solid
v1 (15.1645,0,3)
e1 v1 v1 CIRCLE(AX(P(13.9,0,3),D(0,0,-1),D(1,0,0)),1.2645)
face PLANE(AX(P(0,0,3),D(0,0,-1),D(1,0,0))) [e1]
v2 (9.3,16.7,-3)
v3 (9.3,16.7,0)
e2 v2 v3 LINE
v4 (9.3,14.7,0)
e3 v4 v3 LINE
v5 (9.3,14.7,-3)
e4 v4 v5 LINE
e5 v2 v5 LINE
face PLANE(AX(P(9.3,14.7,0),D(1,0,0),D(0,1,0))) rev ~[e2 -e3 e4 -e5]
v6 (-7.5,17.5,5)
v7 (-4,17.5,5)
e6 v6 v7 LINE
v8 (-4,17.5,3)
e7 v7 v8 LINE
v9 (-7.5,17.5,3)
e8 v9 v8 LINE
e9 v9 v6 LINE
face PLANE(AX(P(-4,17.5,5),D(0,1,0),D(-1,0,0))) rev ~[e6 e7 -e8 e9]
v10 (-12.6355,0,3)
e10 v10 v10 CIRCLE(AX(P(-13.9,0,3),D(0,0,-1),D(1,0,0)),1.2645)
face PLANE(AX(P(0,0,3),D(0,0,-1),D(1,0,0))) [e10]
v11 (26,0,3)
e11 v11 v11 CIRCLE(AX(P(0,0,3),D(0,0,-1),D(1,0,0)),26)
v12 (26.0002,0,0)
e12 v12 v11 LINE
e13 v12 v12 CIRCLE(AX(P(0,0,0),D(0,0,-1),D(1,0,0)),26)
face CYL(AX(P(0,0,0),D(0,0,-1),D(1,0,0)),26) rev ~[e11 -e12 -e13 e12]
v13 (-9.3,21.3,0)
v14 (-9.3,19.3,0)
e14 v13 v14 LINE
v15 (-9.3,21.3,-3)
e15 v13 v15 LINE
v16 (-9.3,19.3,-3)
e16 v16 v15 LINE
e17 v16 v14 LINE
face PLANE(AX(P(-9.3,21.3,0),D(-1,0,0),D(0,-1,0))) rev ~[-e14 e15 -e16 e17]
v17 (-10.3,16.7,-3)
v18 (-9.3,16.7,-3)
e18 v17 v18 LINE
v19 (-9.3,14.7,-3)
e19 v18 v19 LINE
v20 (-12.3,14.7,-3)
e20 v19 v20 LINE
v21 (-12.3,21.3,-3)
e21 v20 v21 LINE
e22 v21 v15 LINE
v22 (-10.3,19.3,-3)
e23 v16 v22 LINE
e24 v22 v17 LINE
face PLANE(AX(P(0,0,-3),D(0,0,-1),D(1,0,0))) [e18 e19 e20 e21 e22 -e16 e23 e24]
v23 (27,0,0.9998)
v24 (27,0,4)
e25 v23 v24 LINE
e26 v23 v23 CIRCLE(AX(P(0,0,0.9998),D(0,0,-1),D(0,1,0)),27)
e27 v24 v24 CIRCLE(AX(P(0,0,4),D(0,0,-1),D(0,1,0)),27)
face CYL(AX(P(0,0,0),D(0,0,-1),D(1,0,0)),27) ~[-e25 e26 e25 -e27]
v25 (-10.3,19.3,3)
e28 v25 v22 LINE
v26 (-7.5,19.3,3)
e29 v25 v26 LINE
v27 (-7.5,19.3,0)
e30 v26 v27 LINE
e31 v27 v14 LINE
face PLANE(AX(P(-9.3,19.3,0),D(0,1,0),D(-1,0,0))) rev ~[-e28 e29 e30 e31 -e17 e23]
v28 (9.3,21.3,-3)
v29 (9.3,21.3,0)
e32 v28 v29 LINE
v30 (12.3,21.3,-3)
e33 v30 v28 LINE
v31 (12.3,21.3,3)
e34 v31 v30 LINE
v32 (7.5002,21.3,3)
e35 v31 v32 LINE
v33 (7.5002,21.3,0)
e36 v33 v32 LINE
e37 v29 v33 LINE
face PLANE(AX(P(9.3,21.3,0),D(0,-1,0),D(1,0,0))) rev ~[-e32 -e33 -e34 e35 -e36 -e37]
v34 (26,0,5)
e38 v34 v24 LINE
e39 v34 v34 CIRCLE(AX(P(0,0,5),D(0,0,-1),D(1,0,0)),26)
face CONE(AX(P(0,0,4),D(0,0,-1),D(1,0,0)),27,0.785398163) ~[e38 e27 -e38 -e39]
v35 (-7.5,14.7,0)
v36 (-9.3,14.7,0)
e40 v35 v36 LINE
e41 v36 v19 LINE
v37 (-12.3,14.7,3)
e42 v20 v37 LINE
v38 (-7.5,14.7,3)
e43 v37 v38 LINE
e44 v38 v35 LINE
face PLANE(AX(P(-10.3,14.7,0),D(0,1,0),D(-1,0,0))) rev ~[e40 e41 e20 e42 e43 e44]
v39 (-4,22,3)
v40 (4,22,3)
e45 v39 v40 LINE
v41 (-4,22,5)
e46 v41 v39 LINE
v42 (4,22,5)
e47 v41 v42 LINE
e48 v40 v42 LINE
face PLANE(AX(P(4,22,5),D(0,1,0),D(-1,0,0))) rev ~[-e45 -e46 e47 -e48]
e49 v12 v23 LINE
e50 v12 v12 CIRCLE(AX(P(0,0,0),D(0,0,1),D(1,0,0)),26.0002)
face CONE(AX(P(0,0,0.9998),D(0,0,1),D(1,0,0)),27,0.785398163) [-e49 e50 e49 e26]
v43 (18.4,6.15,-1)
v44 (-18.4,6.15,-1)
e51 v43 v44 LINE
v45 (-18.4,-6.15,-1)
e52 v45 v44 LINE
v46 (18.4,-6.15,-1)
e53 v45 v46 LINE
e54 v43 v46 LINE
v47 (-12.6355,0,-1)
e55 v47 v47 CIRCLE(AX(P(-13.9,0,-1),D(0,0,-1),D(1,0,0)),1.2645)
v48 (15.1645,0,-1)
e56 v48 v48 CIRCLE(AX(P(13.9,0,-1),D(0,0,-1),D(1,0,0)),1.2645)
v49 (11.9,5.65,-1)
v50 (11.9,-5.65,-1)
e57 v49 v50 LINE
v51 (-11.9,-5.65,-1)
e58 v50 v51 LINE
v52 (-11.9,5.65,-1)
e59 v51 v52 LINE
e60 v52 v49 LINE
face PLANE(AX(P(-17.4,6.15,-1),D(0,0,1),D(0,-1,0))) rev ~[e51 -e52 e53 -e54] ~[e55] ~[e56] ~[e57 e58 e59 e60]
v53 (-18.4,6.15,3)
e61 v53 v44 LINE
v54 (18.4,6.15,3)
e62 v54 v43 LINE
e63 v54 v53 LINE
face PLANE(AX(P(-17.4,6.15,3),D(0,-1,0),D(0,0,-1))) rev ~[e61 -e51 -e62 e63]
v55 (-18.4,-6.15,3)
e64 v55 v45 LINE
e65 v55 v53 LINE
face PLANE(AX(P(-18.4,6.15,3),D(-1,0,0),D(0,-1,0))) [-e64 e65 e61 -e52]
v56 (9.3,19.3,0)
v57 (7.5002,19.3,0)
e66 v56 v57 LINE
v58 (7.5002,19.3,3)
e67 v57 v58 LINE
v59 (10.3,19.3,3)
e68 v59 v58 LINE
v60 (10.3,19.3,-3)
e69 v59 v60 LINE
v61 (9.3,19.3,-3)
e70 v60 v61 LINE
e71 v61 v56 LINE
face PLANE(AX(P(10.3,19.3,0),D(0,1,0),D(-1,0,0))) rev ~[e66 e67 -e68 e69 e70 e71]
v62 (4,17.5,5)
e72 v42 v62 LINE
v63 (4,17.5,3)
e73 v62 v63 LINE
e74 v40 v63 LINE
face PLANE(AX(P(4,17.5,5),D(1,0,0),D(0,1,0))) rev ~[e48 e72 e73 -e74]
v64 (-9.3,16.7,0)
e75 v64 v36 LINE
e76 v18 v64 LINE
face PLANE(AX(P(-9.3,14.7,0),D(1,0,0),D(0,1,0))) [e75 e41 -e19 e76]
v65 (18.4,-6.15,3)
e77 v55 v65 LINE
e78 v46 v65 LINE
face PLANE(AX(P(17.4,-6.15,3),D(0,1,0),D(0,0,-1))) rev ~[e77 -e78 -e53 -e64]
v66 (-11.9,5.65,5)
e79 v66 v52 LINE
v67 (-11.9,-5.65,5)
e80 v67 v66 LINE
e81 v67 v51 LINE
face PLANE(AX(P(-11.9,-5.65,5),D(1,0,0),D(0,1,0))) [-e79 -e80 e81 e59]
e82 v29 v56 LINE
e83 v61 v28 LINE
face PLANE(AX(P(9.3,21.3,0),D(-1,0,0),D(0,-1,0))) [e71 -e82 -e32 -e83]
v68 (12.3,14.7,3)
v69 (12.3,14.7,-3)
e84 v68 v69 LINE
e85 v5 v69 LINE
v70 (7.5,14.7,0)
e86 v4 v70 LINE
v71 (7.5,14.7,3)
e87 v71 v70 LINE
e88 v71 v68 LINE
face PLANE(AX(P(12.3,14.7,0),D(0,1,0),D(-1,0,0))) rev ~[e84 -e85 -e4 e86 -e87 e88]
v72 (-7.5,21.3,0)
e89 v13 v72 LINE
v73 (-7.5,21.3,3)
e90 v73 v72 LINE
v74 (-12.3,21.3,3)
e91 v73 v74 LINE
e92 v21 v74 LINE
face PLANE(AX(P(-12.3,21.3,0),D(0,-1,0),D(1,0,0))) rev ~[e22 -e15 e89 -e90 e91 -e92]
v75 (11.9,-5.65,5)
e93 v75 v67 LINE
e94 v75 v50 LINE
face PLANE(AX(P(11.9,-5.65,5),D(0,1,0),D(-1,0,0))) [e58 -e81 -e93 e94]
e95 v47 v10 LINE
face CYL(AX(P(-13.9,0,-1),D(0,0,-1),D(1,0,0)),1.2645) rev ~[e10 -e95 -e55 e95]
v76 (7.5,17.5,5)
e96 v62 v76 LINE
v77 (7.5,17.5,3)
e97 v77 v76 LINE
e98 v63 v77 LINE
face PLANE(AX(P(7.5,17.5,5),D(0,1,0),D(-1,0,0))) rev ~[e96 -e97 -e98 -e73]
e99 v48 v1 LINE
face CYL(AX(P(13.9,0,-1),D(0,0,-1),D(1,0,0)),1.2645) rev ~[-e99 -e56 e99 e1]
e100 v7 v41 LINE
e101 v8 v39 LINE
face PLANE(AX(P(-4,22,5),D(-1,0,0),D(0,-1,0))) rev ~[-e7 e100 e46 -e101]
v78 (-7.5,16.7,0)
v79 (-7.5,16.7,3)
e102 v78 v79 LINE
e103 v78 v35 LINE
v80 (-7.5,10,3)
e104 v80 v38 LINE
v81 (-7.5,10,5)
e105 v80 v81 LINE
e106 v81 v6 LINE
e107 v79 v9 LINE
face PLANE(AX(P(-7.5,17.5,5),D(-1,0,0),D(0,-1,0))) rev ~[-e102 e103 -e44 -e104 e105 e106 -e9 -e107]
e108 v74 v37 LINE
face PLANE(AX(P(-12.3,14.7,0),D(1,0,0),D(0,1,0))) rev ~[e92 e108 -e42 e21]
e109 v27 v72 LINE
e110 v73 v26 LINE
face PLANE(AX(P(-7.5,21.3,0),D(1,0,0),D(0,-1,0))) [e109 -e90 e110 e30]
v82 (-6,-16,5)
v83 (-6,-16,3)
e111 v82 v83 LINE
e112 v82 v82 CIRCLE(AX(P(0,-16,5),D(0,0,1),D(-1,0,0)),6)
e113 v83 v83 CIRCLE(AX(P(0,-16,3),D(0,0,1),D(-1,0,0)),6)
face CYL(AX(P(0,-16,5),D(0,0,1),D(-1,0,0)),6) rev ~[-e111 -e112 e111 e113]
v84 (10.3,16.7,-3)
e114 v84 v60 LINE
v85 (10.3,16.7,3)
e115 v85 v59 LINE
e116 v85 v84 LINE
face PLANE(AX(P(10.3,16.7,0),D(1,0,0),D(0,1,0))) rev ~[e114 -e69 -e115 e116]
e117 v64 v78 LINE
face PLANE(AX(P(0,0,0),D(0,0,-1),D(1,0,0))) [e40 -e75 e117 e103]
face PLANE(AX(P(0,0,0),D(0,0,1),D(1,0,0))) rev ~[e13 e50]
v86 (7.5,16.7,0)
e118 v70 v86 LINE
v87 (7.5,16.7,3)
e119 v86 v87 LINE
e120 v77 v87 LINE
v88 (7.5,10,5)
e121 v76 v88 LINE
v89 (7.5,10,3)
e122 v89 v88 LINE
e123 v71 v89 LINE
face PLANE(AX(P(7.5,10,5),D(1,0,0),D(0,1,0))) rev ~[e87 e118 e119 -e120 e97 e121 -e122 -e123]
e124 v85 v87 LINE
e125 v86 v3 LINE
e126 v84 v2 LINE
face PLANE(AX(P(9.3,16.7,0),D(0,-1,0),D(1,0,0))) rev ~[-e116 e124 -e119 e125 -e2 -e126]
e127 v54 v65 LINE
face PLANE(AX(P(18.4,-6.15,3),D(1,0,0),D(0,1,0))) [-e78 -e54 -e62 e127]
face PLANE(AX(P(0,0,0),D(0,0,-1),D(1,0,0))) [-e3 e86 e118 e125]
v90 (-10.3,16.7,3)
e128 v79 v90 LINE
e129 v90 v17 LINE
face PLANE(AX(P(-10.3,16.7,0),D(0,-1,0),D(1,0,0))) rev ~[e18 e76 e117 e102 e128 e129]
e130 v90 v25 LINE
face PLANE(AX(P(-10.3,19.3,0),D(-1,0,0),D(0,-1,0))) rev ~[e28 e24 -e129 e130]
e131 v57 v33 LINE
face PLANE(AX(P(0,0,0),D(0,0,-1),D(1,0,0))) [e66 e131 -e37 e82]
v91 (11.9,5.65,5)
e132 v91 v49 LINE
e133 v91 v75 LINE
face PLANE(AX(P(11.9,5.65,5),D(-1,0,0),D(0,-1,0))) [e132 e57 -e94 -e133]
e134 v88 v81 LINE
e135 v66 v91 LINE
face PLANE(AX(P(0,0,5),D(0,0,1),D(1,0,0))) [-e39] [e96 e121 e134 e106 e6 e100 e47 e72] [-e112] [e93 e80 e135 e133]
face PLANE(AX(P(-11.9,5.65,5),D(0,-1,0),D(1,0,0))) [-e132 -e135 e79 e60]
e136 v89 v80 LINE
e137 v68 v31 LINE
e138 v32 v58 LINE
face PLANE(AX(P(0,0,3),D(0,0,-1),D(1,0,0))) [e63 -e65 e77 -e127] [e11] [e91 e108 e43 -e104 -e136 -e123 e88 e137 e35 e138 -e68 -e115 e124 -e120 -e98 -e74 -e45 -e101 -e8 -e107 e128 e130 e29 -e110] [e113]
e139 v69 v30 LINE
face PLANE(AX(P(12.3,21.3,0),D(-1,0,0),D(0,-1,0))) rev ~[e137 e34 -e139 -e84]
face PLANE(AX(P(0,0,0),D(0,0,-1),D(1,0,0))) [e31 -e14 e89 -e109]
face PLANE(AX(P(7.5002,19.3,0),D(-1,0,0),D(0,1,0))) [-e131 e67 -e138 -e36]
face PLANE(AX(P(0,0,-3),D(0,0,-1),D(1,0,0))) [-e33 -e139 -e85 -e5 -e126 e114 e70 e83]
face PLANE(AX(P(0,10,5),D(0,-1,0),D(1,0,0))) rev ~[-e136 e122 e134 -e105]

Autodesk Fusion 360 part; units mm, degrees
sketch "Boceto1" plane through (0, 0, 0) normal (0, 0, 1) x (1, 0, 0)
  circle A0 centre (0, 0) radius 27
  dimension "d1" = 54
extrude "Extruir1" add sketch "Boceto1" along normal blind 5
sketch "Boceto2" plane through (0, 0, 0) normal (0, 0, -1) x (1, 0, 0)
  circle A0 centre (0, 0) radius 27
  circle A1 centre (0, 0) radius 26
  dimension "d6" = 52
extrude "Extruir2" cut sketch "Boceto2" against normal blind 3 contours A1
sketch "Boceto3" plane through (0, 0, 5) normal (0, 0, 1) x (-1, 0, 0)
  circle A0 centre (0, 0) radius 27
  line L0 (-11.4, 5.15) -> (11.4, 5.15)
  line L1 (11.4, 5.15) -> (11.4, -5.15)
  line L2 (11.4, -5.15) -> (-11.4, -5.15)
  line L3 (-11.4, -5.15) -> (-11.4, 5.15)
  line L4 (-11.4, 5.15) -> (11.4, -5.15) construction
  line L5 (11.4, 5.15) -> (-11.4, -5.15) construction
  line L6 (0, -27) -> (0, 27) construction
  line L7 (0, 5.15) -> (0, 16) construction
  circle A1 centre (0, 16) radius 6
  dimension "d9" = 10.3
  dimension "d10" = 22.8
  dimension "d11" = 12
extrude "Extruir3" cut sketch "Boceto3" against normal blind 3 contours L0 L1 L2 L3 | A1
sketch "Boceto4" plane through (0, 0, 3) normal (0, 0, -1) x (1, 0, 0)
  circle A0 centre (0, 16) radius 6
  line L0 (-11.4, -5.15) -> (-11.4, 5.15)
  line L1 (-11.4, 5.15) -> (11.4, 5.15)
  line L2 (11.4, 5.15) -> (11.4, -5.15)
  line L3 (11.4, -5.15) -> (-11.4, -5.15)
  circle A1 centre (0, 0) radius 26
  line L4 (-12.4, 6.15) -> (12.4, 6.15)
  line L5 (12.4, 6.15) -> (12.4, -6.15)
  line L6 (12.4, -6.15) -> (-12.4, -6.15)
  line L7 (-12.4, -6.15) -> (-12.4, 6.15)
  line L8 (-12.4, 6.15) -> (12.4, -6.15) construction
  line L9 (12.4, 6.15) -> (-12.4, -6.15) construction
  dimension "d14" = 24.8
  dimension "d15" = 12.3
extrude "Extruir4" add sketch "Boceto4" along normal blind 4 contours L4 L5 L6 L7
chamfer "Chaflán1" distance 1 angle 45 1 edges at (-25.1728, -9.7636, 5)
extrude "Extruir5" add 1 faces at (12.4, -2.05, 0.3333) along direction (1, 0, 0) blind 5
extrude "Extruir6" add 1 faces at (-12.4, 2.05, 0.3333) along direction (-1, 0, 0) blind 5
extrude "Extruir7" add 1 faces at (17.4, -2.05, 0.3333) along direction (1, 0, 0) blind 1
extrude "Extruir8" add 1 faces at (-17.4, 2.05, 0.3333) along direction (-1, 0, 0) blind 1
chamfer "Chaflán2" distance 1 angle 45 1 edges at (-25.1728, -9.7636, 0)
sketch "Boceto5" plane through (0, 0, 5) normal (0, 0, 1) x (-1, 0, 0)
  line L0 (11.4, 5.15) -> (11.4, -5.15)
  line L1 (11.4, -5.15) -> (-11.4, -5.15)
  line L2 (-11.4, -5.15) -> (-11.4, 5.15)
  line L3 (-11.4, 5.15) -> (11.4, 5.15)
  circle A0 centre (0, 16) radius 6
  circle A1 centre (0, 0) radius 26
  line L4 (0, 0) -> (0, -16)
  line L5 (7.5, -10) -> (-7.5, -10)
  line L6 (-7.5, -10) -> (-7.5, -22)
  line L7 (-7.5, -22) -> (7.5, -22)
  line L8 (7.5, -22) -> (7.5, -10)
  line L9 (7.5, -10) -> (-7.5, -22) construction
  line L10 (-7.5, -10) -> (7.5, -22) construction
  line L11 (-7.5, -10) -> (-7.5, -17.5)
  line L12 (-7.5, -17.5) -> (7.5, -17.5)
  line L13 (0, -17.5) -> (-4, -17.5)
  line L14 (-4, -17.5) -> (-4, -22)
  line L15 (-4, -22) -> (4, -22)
  line L16 (4, -22) -> (4, -17.5)
  point P0 (0, -16)
  dimension "d28" = 16
  dimension "d29" = 15
  dimension "d30" = 12
  dimension "d31" = 7.5
extrude "Extruir9" cut sketch "Boceto5" against normal blind 2 contours L5 L6 L8 L11 L12 L13 | L7 L12 L13 L14 L15 L16
sketch "Boceto6" plane through (0, 0, 3) normal (0, 0, -1) x (1, 0, 0)
  line L0 (-4, -17.5) -> (-7.5, -17.5)
  line L1 (-7.5, -17.5) -> (-7.5, -10)
  line L2 (-7.5, -10) -> (7.5, -10)
  line L3 (7.5, -10) -> (7.5, -17.5)
  line L4 (7.5, -17.5) -> (4, -17.5)
  line L5 (4, -17.5) -> (4, -22)
  line L6 (4, -22) -> (-4, -22)
  line L7 (-4, -22) -> (-4, -17.5)
  line L8 (-18.4, 6.15) -> (18.4, 6.15)
  line L9 (18.4, 6.15) -> (18.4, -6.15)
  line L10 (18.4, -6.15) -> (-18.4, -6.15)
  line L11 (-18.4, -6.15) -> (-18.4, 6.15)
  circle A0 centre (0, 16) radius 6
  circle A1 centre (0, 0) radius 26
  line L12 (4, -22) -> (4, -19)
  line L13 (0, -19) -> (10, -19)
  line L14 (10.3, -19.3) -> (10.3, -16.7)
  line L15 (-10.3, -16.7) -> (10.3, -16.7)
  line L16 (-10.3, -19.3) -> (-10.3, -16.7)
  line L17 (10.3, -19.3) -> (-10.3, -19.3)
  line L18 (12.3, -21.3) -> (12.3, -14.7)
  line L19 (-12.3, -14.7) -> (12.3, -14.7)
  line L20 (-12.3, -21.3) -> (-12.3, -14.7)
  line L21 (12.3, -21.3) -> (-12.3, -21.3)
  dimension "d35" = -2
extrude "Extruir10" add sketch "Boceto6" along normal blind 3 contours L1 L7 L15 L16 L17 L19 L20 L21 | L3 L5 L12 L14 L15 L17 L18 L19 L21
sketch "Boceto7" plane through (0, 0, 0) normal (0, 0, -1) x (1, 0, 0)
  line L0 (7.5, -14.7) -> (7.5, -16.7)
  line L1 (7.5, -16.7) -> (10.3, -16.7)
  line L2 (10.3, -16.7) -> (10.3, -19.3)
  line L3 (10.3, -19.3) -> (4, -19.3)
  line L4 (4, -19.3) -> (4, -21.3)
  line L5 (4, -21.3) -> (12.3, -21.3)
  line L6 (12.3, -21.3) -> (12.3, -14.7)
  line L7 (12.3, -14.7) -> (7.5, -14.7)
  line L8 (4, -19.3) -> (7.5002, -19.3)
  line L9 (7.5002, -19.3) -> (7.5002, -21.3)
  line L10 (7.5002, -21.3) -> (4, -21.3)
  line L11 (4, -21.3) -> (4, -19.3)
extrude "Extruir11" cut sketch "Boceto7" against normal blind 3 contours L3 L4 L5 L8 L9 L10 L11
sketch "Boceto8" plane through (0, 0, 0) normal (0, 0, -1) x (1, 0, 0)
  line L0 (-12.3, -21.3) -> (-4, -21.3)
  line L1 (-4, -21.3) -> (-4, -19.3)
  line L2 (-4, -19.3) -> (-10.3, -19.3)
  line L3 (-10.3, -19.3) -> (-10.3, -16.7)
  line L4 (-10.3, -16.7) -> (-7.5, -16.7)
  line L5 (-7.5, -16.7) -> (-7.5, -14.7)
  line L6 (-7.5, -14.7) -> (-12.3, -14.7)
  line L7 (-12.3, -14.7) -> (-12.3, -21.3)
  line L8 (-4, -21.3) -> (-7.5, -21.3)
  line L9 (-7.5, -21.3) -> (-7.5, -19.3)
  line L10 (-7.5, -19.3) -> (-4, -19.3)
  line L11 (-4, -19.3) -> (-4, -21.3)
  line L12 (-12.3, -14.7) -> (-10.3, -14.7)
  line L13 (-10.3, -14.7) -> (-10.3, -21.3)
  line L14 (-10.3, -21.3) -> (-12.3, -21.3)
  line L15 (-12.3, -21.3) -> (-12.3, -14.7)
  line L16 (-10.3, -14.7) -> (-9.3, -14.7)
  line L17 (-9.3, -14.7) -> (-9.3, -16.7)
  line L18 (-9.3, -16.7) -> (-10.3, -16.7)
  line L19 (-10.3, -16.7) -> (-10.3, -14.7)
  line L20 (-10.3, -21.3) -> (-9.3, -21.3)
  line L21 (-9.3, -21.3) -> (-9.3, -19.3)
  line L22 (-9.3, -19.3) -> (-10.3, -19.3)
  line L23 (-10.3, -19.3) -> (-10.3, -21.3)
  dimension "d42" = 1
  dimension "d43" = 1
extrude "Extruir12" cut sketch "Boceto8" against normal blind 3 contours L0 L1 L2 L8 L9 L10 L11
extrude "Extruir14" add sketch "Boceto8" along normal blind 3 contours L0 L3 L6 L7 L12 L13 L14 L15 L19 L23 | L0 L2 L13 L20 L21 L22 L23 | L4 L6 L13 L16 L17 L18 L19
sketch "Boceto9" plane through (0, 0, 0) normal (0, 0, -1) x (1, 0, 0)
  line L0 (7.5002, -19.3) -> (7.5002, -21.3)
  line L1 (7.5002, -21.3) -> (12.3, -21.3)
  line L2 (12.3, -21.3) -> (12.3, -14.7)
  line L3 (12.3, -14.7) -> (7.5, -14.7)
  line L4 (7.5, -14.7) -> (7.5, -16.7)
  line L5 (7.5, -16.7) -> (10.3, -16.7)
  line L6 (10.3, -16.7) -> (10.3, -19.3)
  line L7 (10.3, -19.3) -> (7.5002, -19.3)
  line L8 (12.3, -14.7) -> (9.3, -14.7)
  line L9 (9.3, -14.7) -> (9.3, -16.7)
  line L10 (9.3, -16.7) -> (12.3, -16.7)
  line L11 (12.3, -16.7) -> (12.3, -14.7)
  line L12 (12.3, -21.3) -> (9.3, -21.3)
  line L13 (9.3, -21.3) -> (9.3, -19.3)
  line L14 (9.3, -19.3) -> (12.3, -19.3)
  line L15 (12.3, -19.3) -> (12.3, -21.3)
  dimension "d48" = 3
  dimension "d49" = 3
extrude "Extruir15" add sketch "Boceto9" along normal blind 3 contours L1 L2 L7 L12 L13 L14 L15 | L2 L6 L10 L14 | L2 L3 L5 L8 L9 L10 L11
sketch "Boceto10" plane through (0, 0, -1) normal (0, 0, -1) x (1, 0, 0)
  line L0 (11.4, 5.15) -> (11.4, -5.15)
  line L1 (11.4, -5.15) -> (-11.4, -5.15)
  line L2 (-11.4, -5.15) -> (-11.4, 5.15)
  line L3 (-11.4, 5.15) -> (11.4, 5.15)
  line L4 (-18.4, -6.15) -> (18.4, -6.15)
  line L5 (18.4, -6.15) -> (18.4, 6.15)
  line L6 (18.4, 6.15) -> (-18.4, 6.15)
  line L7 (-18.4, 6.15) -> (-18.4, -6.15)
  line L8 (-11.4, 5.15) -> (-16.4, 5.15)
  line L9 (-16.4, 5.15) -> (-16.4, -5.15)
  line L10 (-16.4, -5.15) -> (-11.4, -5.15)
  line L11 (-11.4, -5.15) -> (-11.4, 5.15)
  line L12 (11.4, 5.15) -> (16.4, 5.15)
  line L13 (16.4, 5.15) -> (16.4, -5.15)
  line L14 (16.4, -5.15) -> (11.4, -5.15)
  line L15 (11.4, -5.15) -> (11.4, 5.15)
  circle A0 centre (-13.9, 0) radius 1.5
  circle A1 centre (13.9, 0) radius 1.5
  dimension "d52" = 5
  dimension "d53" = 5
  dimension "d54" = 3
  dimension "d55" = 3
extrude "Extruir16" cut sketch "Boceto10" against normal blind 4 contours A0 | A1
thread "Rosca1" "ISO Metric profile 3.0 M3x0.5 6H" major diameter 3.086 minor diameter 2.529 pitch 0.5 angle 60 resizes the face on face at (15.3925, 0.1494, 0.3333)
thread "Rosca2" "ISO Metric profile 3.0 M3x0.5 6H" major diameter 3.086 minor diameter 2.529 pitch 0.5 angle 60 resizes the face on face at (-12.4019, 0.0748, 1.6667)
sketch "Boceto11" plane through (0, 0, 5) normal (0, 0, 1) x (-1, 0, 0)
  line L0 (7.5, -17.5) -> (4, -17.5)
  line L1 (4, -17.5) -> (4, -22)
  line L2 (4, -22) -> (-4, -22)
  line L3 (-4, -22) -> (-4, -17.5)
  line L4 (-4, -17.5) -> (-7.5, -17.5)
  line L5 (-7.5, -17.5) -> (-7.5, -10)
  line L6 (-7.5, -10) -> (7.5, -10)
  line L7 (7.5, -10) -> (7.5, -17.5)
  line L8 (11.4, 5.15) -> (11.4, -5.15)
  line L9 (11.4, -5.15) -> (-11.4, -5.15)
  line L10 (-11.4, -5.15) -> (-11.4, 5.15)
  line L11 (-11.4, 5.15) -> (11.4, 5.15)
  circle A0 centre (0, 16) radius 6
  circle A1 centre (0, 0) radius 26
  line L12 (11.9, -5.65) -> (-11.9, -5.65)
  line L13 (-11.9, -5.65) -> (-11.9, 5.65)
  line L14 (-11.9, 5.65) -> (11.9, 5.65)
  line L15 (11.9, 5.65) -> (11.9, -5.65)
  dimension "d58" = -0.5
extrude "Extruir17" cut sketch "Boceto11" against normal blind 10 contours L12 L13 L14 L15
extrude "Extruir13" [suppressed]
equation "d1 = Dex"
equation "Dex = 54 mm"
equation "Din = 52 mm"
equation "d6 = Din"
